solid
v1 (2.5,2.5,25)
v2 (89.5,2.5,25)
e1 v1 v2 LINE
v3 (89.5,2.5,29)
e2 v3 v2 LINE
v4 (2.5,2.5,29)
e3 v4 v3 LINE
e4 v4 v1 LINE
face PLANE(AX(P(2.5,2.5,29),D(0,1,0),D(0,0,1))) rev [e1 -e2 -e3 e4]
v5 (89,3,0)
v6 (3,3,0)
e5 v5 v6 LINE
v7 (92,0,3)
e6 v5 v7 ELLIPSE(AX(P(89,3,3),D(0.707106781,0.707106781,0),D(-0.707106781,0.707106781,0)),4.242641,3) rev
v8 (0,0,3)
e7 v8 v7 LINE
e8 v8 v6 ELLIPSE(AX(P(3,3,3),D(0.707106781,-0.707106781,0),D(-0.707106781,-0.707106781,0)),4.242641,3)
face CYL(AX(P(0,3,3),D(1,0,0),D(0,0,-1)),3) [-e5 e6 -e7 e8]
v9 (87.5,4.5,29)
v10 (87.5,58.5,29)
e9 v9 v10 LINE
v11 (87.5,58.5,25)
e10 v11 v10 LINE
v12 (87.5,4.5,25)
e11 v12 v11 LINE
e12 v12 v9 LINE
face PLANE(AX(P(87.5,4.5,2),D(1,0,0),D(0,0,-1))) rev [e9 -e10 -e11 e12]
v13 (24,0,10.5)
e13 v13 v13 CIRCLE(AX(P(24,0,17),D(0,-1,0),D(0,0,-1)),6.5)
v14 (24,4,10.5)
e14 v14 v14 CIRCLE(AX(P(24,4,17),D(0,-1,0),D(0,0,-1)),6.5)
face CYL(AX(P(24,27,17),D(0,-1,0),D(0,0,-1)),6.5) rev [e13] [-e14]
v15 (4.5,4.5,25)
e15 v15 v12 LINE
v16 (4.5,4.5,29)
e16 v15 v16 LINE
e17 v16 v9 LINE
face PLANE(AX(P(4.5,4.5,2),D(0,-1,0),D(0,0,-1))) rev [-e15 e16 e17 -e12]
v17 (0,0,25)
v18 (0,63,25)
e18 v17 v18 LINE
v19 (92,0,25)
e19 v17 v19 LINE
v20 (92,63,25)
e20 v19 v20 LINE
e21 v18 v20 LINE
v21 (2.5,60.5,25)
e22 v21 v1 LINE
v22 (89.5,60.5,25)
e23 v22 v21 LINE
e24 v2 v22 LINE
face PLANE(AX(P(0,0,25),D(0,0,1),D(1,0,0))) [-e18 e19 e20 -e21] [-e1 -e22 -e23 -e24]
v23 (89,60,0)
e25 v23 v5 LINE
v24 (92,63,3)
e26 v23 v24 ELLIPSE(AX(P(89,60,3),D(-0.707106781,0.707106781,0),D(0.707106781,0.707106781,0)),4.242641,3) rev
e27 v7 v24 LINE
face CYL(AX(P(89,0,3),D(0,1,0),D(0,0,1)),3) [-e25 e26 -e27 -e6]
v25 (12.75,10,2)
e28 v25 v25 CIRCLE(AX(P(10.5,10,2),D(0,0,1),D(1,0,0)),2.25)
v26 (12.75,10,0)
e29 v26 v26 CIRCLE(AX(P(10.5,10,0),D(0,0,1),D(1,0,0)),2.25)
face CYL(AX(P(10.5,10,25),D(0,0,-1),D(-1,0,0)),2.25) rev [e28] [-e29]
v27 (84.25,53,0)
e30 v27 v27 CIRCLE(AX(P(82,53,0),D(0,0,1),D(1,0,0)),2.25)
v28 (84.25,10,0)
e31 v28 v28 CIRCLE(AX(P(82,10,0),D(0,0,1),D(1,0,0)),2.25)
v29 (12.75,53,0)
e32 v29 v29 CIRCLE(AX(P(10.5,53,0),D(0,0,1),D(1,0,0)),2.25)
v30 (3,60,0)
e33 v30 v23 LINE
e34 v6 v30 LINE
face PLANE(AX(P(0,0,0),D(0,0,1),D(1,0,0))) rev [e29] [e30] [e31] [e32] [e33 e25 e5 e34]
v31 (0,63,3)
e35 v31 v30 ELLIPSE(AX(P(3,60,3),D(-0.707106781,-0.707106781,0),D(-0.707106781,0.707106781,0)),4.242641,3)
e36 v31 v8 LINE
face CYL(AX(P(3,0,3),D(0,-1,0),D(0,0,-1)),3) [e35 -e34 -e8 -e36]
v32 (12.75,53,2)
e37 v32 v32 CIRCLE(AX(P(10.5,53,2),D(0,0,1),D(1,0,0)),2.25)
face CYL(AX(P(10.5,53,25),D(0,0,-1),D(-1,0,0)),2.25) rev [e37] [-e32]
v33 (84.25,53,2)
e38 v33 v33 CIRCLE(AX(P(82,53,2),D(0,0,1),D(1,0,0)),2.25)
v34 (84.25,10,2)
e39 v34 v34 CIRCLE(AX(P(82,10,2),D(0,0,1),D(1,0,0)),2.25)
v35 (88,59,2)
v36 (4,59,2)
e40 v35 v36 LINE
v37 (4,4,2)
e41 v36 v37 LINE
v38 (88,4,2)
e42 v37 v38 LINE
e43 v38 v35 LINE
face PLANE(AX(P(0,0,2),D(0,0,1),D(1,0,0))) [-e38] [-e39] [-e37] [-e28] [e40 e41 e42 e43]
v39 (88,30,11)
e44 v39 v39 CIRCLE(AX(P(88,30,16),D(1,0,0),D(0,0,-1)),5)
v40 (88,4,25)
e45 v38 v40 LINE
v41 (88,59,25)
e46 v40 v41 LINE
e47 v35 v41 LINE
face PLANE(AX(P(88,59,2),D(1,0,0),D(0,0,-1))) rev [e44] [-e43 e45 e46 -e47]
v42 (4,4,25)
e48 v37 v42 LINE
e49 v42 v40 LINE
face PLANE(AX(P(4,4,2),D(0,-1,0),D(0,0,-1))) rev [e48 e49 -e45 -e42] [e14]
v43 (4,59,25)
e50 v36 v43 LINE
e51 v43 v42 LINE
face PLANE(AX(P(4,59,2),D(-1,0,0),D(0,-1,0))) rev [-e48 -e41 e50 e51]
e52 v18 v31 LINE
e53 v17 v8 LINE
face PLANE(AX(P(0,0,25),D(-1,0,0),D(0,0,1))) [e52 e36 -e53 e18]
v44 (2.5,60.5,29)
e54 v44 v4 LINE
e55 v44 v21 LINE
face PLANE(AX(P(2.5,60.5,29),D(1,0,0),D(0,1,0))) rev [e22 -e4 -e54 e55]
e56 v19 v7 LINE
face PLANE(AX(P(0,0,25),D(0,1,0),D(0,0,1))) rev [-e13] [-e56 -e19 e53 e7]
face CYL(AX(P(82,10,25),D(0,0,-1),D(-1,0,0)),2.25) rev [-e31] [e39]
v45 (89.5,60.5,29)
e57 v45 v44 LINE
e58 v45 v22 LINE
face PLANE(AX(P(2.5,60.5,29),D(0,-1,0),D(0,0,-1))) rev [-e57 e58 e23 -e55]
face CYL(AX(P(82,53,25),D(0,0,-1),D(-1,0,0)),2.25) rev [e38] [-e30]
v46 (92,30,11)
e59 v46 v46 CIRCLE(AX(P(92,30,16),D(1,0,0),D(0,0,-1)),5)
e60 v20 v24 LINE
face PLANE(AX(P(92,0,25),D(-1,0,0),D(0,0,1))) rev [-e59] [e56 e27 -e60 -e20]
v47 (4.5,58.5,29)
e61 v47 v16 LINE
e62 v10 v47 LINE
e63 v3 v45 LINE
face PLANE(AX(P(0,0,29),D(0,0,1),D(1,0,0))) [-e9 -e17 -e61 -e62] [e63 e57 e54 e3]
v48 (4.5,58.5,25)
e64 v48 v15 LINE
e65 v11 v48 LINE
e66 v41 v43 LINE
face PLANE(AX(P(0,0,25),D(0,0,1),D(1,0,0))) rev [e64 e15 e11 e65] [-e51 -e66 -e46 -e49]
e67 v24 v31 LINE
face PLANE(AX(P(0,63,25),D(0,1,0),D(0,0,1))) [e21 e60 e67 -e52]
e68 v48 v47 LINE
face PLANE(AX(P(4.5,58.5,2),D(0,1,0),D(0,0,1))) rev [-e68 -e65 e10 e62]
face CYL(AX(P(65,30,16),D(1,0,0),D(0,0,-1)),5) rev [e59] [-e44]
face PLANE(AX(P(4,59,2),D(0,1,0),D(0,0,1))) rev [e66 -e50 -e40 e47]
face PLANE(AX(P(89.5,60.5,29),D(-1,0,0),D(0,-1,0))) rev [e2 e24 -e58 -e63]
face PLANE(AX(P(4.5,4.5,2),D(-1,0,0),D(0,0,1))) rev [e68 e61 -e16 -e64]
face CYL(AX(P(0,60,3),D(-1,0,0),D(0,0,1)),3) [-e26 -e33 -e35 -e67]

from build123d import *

# Parameters (mm, degrees)
SKETCH3_W           = 92
SKETCH3_H           = 63
SKETCH3_R           = 2.25
BOSS_EXTRUDE3_DEPTH = 25
SKETCH4_W           = 84
SKETCH4_H           = 55
CUT_EXTRUDE1_DEPTH  = 23
FILLET1_R           = 3
SKETCH5_W           = 87
SKETCH5_H           = 58
BOSS_EXTRUDE4_DEPTH = 4
SKETCH7_W           = 83
SKETCH7_H           = 54
CUT_EXTRUDE4_DEPTH  = 27
SKETCH9_R           = 6.5
CUT_EXTRUDE6_DEPTH  = 27
SKETCH11_R          = 5
CUT_EXTRUDE7_DEPTH  = 27


with BuildPart() as part:
    # Sketch3 → Boss-Extrude3 (new body)
    with BuildSketch(Plane.XY):
        with Locations((46, 31.5)):
            Rectangle(SKETCH3_W, SKETCH3_H)
        with Locations((82, 53)):
            Circle(SKETCH3_R, mode=Mode.SUBTRACT)
        with Locations((82, 10)):
            Circle(SKETCH3_R, mode=Mode.SUBTRACT)
        with Locations((10.5, 10)):
            Circle(SKETCH3_R, mode=Mode.SUBTRACT)
        with Locations((10.5, 53)):
            Circle(SKETCH3_R, mode=Mode.SUBTRACT)
    extrude(amount=BOSS_EXTRUDE3_DEPTH)

    # Sketch4 → Cut-Extrude1 (cut)
    with BuildSketch(Plane.XY.offset(25)):
        with Locations((46, 31.5)):
            Rectangle(SKETCH4_W, SKETCH4_H)
    extrude(amount=-CUT_EXTRUDE1_DEPTH, mode=Mode.SUBTRACT)

    # Fillet1
    fillet1_edges = [part.edges().sort_by_distance(p)[0] for p in [
        (46, 63, 0),
        (92, 31.5, 0),
        (46, 0, 0),
        (0, 31.5, 0),
    ]]
    fillet(fillet1_edges, radius=FILLET1_R)

    # Sketch5 → Boss-Extrude4 (add)
    with BuildSketch(Plane.XY.offset(25)):
        with Locations((46, 31.5)):
            Rectangle(SKETCH5_W, SKETCH5_H)
    extrude(amount=BOSS_EXTRUDE4_DEPTH)

    # Sketch7 → Cut-Extrude4 (cut)
    with BuildSketch(Plane.XY.offset(29)):
        with Locations((46, 31.5)):
            Rectangle(SKETCH7_W, SKETCH7_H)
    extrude(amount=-CUT_EXTRUDE4_DEPTH, mode=Mode.SUBTRACT)

    # Sketch9 → Cut-Extrude6 (cut)
    with BuildSketch(Plane.XZ):
        with Locations(Location((24, 17, 0), (0, 0, 270))):
            Circle(SKETCH9_R)
    extrude(amount=-CUT_EXTRUDE6_DEPTH, mode=Mode.SUBTRACT)

    # Sketch11 → Cut-Extrude7 (cut)
    with BuildSketch(Plane(origin=(92, 0, 0), x_dir=(0, 0, -1), z_dir=(1, 0, 0))):
        with Locations((-16, 30)):
            Circle(SKETCH11_R)
    extrude(amount=-CUT_EXTRUDE7_DEPTH, mode=Mode.SUBTRACT)


solid = part.part
